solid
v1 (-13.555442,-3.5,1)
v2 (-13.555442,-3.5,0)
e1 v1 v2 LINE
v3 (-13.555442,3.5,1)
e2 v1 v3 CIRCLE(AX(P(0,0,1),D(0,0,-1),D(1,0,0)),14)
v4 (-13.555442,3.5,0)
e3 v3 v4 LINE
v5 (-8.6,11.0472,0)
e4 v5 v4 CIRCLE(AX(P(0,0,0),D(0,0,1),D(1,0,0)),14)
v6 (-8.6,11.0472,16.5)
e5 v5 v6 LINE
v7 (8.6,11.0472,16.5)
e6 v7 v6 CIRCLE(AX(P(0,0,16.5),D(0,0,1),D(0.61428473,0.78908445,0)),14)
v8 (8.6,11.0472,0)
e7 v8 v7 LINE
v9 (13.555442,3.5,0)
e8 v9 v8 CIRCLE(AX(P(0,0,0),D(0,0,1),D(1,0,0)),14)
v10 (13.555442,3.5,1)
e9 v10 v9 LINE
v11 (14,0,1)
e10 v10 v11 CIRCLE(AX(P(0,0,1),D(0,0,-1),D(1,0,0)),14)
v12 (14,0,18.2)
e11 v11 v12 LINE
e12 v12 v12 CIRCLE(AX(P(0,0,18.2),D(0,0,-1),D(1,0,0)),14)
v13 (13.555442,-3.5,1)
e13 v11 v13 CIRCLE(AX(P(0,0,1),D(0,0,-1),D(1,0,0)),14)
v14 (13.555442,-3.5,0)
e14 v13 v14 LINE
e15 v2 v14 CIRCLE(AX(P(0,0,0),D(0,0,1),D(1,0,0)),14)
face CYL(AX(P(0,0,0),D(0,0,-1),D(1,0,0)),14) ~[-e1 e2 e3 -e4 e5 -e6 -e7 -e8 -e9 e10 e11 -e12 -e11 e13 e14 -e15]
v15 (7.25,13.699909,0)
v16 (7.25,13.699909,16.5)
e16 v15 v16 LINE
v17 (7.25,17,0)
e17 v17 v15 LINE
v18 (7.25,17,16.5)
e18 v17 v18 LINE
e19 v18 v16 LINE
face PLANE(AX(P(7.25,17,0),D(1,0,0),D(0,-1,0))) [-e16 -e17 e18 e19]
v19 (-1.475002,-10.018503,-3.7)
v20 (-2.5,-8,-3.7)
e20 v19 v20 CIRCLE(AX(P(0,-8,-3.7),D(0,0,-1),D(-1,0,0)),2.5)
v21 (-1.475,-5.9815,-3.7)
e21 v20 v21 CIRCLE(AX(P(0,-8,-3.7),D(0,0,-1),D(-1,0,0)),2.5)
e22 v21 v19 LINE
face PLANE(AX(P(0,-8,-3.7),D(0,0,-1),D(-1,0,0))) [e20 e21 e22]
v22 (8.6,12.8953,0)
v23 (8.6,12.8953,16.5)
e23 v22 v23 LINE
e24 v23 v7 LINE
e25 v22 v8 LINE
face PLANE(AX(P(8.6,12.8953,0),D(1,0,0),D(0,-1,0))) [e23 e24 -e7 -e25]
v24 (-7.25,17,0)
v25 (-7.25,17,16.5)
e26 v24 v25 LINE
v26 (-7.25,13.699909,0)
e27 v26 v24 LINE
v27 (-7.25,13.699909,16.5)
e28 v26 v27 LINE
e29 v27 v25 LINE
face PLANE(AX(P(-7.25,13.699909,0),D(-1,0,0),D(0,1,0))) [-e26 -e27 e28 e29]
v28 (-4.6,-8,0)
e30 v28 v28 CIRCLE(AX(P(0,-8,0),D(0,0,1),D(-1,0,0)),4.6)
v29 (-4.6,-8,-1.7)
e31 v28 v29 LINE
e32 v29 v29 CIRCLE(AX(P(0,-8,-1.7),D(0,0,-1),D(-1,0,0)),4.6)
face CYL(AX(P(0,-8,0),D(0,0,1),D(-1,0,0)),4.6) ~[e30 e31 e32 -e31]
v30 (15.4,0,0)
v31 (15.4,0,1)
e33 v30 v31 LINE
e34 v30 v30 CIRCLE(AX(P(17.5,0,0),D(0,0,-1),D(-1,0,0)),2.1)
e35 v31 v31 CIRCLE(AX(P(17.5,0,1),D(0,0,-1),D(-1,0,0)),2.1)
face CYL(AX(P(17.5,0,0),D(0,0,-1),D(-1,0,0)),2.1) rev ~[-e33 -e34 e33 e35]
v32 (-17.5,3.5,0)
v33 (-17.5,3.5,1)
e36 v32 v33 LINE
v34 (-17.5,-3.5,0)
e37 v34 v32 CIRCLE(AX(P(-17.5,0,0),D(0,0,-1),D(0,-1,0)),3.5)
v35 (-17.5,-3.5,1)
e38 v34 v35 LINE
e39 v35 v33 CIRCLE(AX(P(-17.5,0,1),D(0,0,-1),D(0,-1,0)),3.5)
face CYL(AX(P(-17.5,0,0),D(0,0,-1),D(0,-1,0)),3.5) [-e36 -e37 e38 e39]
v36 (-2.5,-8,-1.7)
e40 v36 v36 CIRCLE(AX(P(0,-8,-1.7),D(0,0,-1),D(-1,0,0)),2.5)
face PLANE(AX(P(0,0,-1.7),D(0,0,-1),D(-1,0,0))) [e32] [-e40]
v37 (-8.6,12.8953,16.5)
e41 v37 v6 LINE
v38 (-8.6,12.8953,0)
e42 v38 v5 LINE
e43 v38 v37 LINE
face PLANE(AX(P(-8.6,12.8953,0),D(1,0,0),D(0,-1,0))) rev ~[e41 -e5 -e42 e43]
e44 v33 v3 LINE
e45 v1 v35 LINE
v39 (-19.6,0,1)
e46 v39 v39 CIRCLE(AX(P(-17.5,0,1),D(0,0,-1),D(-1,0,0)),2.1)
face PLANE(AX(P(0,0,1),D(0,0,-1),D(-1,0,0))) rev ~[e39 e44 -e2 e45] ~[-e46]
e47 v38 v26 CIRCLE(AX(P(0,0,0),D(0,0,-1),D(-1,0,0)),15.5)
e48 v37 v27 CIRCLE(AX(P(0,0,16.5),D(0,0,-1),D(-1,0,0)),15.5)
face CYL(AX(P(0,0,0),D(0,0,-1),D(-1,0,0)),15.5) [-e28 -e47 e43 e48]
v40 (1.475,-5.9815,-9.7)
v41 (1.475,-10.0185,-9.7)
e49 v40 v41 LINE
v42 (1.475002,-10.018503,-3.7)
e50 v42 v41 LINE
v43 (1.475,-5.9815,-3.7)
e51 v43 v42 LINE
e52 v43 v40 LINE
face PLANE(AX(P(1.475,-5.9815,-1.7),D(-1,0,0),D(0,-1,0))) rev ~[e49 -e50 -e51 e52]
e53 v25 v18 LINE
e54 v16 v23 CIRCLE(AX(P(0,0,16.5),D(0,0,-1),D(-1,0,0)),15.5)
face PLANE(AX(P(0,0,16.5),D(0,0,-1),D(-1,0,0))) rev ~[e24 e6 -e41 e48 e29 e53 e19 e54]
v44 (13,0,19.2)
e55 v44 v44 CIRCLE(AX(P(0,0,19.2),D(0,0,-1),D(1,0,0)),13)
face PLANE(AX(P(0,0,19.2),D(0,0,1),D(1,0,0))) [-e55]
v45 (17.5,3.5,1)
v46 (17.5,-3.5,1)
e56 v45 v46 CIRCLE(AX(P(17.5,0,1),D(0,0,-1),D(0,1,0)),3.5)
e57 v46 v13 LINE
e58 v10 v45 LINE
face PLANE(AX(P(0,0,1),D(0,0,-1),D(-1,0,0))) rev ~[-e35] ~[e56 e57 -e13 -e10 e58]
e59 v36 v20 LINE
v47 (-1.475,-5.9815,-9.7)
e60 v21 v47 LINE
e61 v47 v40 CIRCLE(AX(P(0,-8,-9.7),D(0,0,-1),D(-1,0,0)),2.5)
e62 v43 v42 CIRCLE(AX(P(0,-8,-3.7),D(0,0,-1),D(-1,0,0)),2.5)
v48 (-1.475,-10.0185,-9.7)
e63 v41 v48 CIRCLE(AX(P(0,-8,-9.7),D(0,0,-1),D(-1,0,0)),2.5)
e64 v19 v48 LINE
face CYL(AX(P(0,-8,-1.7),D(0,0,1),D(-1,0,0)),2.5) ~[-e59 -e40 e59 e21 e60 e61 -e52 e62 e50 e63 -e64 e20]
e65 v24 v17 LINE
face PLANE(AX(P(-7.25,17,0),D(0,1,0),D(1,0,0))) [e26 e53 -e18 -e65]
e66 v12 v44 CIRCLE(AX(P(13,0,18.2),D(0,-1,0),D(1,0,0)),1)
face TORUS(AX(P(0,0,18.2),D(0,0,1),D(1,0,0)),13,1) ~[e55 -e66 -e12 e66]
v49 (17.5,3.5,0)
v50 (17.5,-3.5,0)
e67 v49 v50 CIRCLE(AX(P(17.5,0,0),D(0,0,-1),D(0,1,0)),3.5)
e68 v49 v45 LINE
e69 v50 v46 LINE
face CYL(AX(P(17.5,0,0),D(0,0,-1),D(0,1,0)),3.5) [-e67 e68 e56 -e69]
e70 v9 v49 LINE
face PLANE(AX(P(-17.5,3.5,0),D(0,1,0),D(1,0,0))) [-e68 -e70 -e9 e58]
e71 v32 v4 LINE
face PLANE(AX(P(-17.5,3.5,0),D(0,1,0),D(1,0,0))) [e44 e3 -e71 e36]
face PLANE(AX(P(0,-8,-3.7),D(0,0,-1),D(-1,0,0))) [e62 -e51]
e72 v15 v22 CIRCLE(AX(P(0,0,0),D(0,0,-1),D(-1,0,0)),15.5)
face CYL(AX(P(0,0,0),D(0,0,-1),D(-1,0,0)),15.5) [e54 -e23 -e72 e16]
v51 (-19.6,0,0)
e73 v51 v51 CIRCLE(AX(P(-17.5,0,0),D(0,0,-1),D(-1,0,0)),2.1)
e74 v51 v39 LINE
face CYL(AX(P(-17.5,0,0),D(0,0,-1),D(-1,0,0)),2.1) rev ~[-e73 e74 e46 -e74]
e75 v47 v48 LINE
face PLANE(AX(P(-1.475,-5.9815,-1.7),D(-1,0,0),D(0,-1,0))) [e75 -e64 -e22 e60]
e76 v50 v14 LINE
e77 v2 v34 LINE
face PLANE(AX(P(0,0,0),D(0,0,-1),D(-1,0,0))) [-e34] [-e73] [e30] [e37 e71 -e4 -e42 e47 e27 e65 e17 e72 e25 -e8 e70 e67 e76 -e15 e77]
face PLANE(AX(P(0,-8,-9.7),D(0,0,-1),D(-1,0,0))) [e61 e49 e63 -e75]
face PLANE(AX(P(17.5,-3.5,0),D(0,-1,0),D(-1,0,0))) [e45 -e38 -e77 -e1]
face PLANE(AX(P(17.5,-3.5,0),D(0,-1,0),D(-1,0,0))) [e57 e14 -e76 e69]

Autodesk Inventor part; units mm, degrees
ref_plane "XZ Plane" through (0, 0, 0) normal (0, 1, 0) x (-1, 0, 0)
ref_plane "XY Plane" through (0, 0, 0) normal (0, 0, 1) x (1, 0, 0)
sketch "Náčrt1" plane through (0, 0, 0) normal (0, 0, 1) x (1, 0, 0)
  line L0 (0, 19.6) -> (0, -19.6) projected
  line L1 (-19.6, 0) -> (19.6, 0) projected
  circle A0 centre (0, 0) radius 14
  dimension "d0" = 28
extrude "Vysunutí1" add sketch "Náčrt1" along normal blind 19.2
fillet "Zaoblení1" radius 1 1 edges at (-14, 0, 19.2)
sketch "Náčrt2" plane through (0, 0, 0) normal (0, 0, -1) x (-1, 0, 0)
  line L0 (-7.25, 11) -> (7.25, 11)
  line L1 (7.25, 11) -> (7.25, 17)
  line L2 (7.25, 17) -> (-7.25, 17)
  line L3 (-7.25, 17) -> (-7.25, 11)
  circle A0 centre (0, 0) radius 14 projected
  line L4 (-7.25, 11) -> (7.25, 17) construction
  line L5 (7.25, 11) -> (-7.25, 17) construction
  circle A1 centre (0, 0) radius 15.5
  line L6 (-8.6, 12.8953) -> (-8.6, 11.0472)
  line L7 (8.6, 12.8953) -> (8.6, 11.0472)
  point P0 (0, 14)
  point P1 (0, 14)
  point P2 (7.25, 13.6999)
  point P3 (-7.25, 13.6999)
  dimension "d4" = 14.5
  dimension "d5" = 31
  dimension "d6" = 17.2
  dimension "d7" = 1.35
  dimension "d8" = 1.35
  dimension "d9" = 1.5
extrude "Vysunutí2" add sketch "Náčrt2" against normal blind 16.5 contours A0 L6 A1 L3 | L3 A1 L1 A0 | L1 A1 L7 A0 | L3 L2 L1 A1
sketch "Náčrt3" plane through (0, 0, 0) normal (0, 0, -1) x (-1, 0, 0)
  circle A0 centre (0, -8) radius 4.6
  line L0 (0, -12.6) -> (0, -14) construction
  arc A1 (-8.6, 11.0472) -> (8.6, 11.0472) centre (0, 0) ccw construction
  dimension "d12" = 9.2
  dimension "d14" = 1.4
extrude "Vysunutí3" add sketch "Náčrt3" along normal blind 1.7
sketch "Náčrt4" plane through (0, -8, -1.7) normal (0, 0, -1) x (-1, 0, 0)
  circle A0 centre (0, 0) radius 4.6 projected
  circle A1 centre (0, 0) radius 2.5
  line L0 (-1.475, 2.0185) -> (-1.475, -2.0185)
  line L1 (1.475, 2.0185) -> (1.475, -2.0185)
  point P0 (0, 8)
  dimension "d17" = 5
  dimension "d18" = 2.95
extrude "Vysunutí4" add sketch "Náčrt4" along normal blind 8 contours L1 A1 L0
sketch "Náčrt5" plane through (0, -8, -1.7) normal (0, 0, -1) x (-1, 0, 0)
  arc A0 (1.475, 2.0185) -> (-1.475, 2.0185) centre (0, 0) ccw projected
  circle A1 centre (0, 0) radius 2.5
  point P0 (0, 8)
  point P1 (-1.475, 2.0185)
  point P2 (1.475, 2.0185)
extrude "Vysunutí5" add sketch "Náčrt5" along normal blind 2
sketch "Sketch6" plane through (0, 0, 0) normal (0, 0, -1) x (-1, 0, 0)
  line L0 (-17.5, 0) -> (17.5, 0) construction
  line L1 (-17.5, -3.5) -> (17.5, -3.5)
  line L2 (17.5, 3.5) -> (-17.5, 3.5)
  arc A0 (-17.5, 3.5) -> (-17.5, -3.5) centre (-17.5, 0) ccw
  arc A1 (17.5, -3.5) -> (17.5, 3.5) centre (17.5, 0) ccw
  circle A2 centre (-17.5, 0) radius 2.1
  circle A3 centre (17.5, 0) radius 2.1
  point P0 (0, 0)
  dimension "d23" = 4.2
  dimension "d24" = 35
  dimension "d25" = 7
extrude "Extrusion6" add sketch "Sketch6" against normal blind 1
equation "\"d7\" = d8"
properties part number "Motor"
